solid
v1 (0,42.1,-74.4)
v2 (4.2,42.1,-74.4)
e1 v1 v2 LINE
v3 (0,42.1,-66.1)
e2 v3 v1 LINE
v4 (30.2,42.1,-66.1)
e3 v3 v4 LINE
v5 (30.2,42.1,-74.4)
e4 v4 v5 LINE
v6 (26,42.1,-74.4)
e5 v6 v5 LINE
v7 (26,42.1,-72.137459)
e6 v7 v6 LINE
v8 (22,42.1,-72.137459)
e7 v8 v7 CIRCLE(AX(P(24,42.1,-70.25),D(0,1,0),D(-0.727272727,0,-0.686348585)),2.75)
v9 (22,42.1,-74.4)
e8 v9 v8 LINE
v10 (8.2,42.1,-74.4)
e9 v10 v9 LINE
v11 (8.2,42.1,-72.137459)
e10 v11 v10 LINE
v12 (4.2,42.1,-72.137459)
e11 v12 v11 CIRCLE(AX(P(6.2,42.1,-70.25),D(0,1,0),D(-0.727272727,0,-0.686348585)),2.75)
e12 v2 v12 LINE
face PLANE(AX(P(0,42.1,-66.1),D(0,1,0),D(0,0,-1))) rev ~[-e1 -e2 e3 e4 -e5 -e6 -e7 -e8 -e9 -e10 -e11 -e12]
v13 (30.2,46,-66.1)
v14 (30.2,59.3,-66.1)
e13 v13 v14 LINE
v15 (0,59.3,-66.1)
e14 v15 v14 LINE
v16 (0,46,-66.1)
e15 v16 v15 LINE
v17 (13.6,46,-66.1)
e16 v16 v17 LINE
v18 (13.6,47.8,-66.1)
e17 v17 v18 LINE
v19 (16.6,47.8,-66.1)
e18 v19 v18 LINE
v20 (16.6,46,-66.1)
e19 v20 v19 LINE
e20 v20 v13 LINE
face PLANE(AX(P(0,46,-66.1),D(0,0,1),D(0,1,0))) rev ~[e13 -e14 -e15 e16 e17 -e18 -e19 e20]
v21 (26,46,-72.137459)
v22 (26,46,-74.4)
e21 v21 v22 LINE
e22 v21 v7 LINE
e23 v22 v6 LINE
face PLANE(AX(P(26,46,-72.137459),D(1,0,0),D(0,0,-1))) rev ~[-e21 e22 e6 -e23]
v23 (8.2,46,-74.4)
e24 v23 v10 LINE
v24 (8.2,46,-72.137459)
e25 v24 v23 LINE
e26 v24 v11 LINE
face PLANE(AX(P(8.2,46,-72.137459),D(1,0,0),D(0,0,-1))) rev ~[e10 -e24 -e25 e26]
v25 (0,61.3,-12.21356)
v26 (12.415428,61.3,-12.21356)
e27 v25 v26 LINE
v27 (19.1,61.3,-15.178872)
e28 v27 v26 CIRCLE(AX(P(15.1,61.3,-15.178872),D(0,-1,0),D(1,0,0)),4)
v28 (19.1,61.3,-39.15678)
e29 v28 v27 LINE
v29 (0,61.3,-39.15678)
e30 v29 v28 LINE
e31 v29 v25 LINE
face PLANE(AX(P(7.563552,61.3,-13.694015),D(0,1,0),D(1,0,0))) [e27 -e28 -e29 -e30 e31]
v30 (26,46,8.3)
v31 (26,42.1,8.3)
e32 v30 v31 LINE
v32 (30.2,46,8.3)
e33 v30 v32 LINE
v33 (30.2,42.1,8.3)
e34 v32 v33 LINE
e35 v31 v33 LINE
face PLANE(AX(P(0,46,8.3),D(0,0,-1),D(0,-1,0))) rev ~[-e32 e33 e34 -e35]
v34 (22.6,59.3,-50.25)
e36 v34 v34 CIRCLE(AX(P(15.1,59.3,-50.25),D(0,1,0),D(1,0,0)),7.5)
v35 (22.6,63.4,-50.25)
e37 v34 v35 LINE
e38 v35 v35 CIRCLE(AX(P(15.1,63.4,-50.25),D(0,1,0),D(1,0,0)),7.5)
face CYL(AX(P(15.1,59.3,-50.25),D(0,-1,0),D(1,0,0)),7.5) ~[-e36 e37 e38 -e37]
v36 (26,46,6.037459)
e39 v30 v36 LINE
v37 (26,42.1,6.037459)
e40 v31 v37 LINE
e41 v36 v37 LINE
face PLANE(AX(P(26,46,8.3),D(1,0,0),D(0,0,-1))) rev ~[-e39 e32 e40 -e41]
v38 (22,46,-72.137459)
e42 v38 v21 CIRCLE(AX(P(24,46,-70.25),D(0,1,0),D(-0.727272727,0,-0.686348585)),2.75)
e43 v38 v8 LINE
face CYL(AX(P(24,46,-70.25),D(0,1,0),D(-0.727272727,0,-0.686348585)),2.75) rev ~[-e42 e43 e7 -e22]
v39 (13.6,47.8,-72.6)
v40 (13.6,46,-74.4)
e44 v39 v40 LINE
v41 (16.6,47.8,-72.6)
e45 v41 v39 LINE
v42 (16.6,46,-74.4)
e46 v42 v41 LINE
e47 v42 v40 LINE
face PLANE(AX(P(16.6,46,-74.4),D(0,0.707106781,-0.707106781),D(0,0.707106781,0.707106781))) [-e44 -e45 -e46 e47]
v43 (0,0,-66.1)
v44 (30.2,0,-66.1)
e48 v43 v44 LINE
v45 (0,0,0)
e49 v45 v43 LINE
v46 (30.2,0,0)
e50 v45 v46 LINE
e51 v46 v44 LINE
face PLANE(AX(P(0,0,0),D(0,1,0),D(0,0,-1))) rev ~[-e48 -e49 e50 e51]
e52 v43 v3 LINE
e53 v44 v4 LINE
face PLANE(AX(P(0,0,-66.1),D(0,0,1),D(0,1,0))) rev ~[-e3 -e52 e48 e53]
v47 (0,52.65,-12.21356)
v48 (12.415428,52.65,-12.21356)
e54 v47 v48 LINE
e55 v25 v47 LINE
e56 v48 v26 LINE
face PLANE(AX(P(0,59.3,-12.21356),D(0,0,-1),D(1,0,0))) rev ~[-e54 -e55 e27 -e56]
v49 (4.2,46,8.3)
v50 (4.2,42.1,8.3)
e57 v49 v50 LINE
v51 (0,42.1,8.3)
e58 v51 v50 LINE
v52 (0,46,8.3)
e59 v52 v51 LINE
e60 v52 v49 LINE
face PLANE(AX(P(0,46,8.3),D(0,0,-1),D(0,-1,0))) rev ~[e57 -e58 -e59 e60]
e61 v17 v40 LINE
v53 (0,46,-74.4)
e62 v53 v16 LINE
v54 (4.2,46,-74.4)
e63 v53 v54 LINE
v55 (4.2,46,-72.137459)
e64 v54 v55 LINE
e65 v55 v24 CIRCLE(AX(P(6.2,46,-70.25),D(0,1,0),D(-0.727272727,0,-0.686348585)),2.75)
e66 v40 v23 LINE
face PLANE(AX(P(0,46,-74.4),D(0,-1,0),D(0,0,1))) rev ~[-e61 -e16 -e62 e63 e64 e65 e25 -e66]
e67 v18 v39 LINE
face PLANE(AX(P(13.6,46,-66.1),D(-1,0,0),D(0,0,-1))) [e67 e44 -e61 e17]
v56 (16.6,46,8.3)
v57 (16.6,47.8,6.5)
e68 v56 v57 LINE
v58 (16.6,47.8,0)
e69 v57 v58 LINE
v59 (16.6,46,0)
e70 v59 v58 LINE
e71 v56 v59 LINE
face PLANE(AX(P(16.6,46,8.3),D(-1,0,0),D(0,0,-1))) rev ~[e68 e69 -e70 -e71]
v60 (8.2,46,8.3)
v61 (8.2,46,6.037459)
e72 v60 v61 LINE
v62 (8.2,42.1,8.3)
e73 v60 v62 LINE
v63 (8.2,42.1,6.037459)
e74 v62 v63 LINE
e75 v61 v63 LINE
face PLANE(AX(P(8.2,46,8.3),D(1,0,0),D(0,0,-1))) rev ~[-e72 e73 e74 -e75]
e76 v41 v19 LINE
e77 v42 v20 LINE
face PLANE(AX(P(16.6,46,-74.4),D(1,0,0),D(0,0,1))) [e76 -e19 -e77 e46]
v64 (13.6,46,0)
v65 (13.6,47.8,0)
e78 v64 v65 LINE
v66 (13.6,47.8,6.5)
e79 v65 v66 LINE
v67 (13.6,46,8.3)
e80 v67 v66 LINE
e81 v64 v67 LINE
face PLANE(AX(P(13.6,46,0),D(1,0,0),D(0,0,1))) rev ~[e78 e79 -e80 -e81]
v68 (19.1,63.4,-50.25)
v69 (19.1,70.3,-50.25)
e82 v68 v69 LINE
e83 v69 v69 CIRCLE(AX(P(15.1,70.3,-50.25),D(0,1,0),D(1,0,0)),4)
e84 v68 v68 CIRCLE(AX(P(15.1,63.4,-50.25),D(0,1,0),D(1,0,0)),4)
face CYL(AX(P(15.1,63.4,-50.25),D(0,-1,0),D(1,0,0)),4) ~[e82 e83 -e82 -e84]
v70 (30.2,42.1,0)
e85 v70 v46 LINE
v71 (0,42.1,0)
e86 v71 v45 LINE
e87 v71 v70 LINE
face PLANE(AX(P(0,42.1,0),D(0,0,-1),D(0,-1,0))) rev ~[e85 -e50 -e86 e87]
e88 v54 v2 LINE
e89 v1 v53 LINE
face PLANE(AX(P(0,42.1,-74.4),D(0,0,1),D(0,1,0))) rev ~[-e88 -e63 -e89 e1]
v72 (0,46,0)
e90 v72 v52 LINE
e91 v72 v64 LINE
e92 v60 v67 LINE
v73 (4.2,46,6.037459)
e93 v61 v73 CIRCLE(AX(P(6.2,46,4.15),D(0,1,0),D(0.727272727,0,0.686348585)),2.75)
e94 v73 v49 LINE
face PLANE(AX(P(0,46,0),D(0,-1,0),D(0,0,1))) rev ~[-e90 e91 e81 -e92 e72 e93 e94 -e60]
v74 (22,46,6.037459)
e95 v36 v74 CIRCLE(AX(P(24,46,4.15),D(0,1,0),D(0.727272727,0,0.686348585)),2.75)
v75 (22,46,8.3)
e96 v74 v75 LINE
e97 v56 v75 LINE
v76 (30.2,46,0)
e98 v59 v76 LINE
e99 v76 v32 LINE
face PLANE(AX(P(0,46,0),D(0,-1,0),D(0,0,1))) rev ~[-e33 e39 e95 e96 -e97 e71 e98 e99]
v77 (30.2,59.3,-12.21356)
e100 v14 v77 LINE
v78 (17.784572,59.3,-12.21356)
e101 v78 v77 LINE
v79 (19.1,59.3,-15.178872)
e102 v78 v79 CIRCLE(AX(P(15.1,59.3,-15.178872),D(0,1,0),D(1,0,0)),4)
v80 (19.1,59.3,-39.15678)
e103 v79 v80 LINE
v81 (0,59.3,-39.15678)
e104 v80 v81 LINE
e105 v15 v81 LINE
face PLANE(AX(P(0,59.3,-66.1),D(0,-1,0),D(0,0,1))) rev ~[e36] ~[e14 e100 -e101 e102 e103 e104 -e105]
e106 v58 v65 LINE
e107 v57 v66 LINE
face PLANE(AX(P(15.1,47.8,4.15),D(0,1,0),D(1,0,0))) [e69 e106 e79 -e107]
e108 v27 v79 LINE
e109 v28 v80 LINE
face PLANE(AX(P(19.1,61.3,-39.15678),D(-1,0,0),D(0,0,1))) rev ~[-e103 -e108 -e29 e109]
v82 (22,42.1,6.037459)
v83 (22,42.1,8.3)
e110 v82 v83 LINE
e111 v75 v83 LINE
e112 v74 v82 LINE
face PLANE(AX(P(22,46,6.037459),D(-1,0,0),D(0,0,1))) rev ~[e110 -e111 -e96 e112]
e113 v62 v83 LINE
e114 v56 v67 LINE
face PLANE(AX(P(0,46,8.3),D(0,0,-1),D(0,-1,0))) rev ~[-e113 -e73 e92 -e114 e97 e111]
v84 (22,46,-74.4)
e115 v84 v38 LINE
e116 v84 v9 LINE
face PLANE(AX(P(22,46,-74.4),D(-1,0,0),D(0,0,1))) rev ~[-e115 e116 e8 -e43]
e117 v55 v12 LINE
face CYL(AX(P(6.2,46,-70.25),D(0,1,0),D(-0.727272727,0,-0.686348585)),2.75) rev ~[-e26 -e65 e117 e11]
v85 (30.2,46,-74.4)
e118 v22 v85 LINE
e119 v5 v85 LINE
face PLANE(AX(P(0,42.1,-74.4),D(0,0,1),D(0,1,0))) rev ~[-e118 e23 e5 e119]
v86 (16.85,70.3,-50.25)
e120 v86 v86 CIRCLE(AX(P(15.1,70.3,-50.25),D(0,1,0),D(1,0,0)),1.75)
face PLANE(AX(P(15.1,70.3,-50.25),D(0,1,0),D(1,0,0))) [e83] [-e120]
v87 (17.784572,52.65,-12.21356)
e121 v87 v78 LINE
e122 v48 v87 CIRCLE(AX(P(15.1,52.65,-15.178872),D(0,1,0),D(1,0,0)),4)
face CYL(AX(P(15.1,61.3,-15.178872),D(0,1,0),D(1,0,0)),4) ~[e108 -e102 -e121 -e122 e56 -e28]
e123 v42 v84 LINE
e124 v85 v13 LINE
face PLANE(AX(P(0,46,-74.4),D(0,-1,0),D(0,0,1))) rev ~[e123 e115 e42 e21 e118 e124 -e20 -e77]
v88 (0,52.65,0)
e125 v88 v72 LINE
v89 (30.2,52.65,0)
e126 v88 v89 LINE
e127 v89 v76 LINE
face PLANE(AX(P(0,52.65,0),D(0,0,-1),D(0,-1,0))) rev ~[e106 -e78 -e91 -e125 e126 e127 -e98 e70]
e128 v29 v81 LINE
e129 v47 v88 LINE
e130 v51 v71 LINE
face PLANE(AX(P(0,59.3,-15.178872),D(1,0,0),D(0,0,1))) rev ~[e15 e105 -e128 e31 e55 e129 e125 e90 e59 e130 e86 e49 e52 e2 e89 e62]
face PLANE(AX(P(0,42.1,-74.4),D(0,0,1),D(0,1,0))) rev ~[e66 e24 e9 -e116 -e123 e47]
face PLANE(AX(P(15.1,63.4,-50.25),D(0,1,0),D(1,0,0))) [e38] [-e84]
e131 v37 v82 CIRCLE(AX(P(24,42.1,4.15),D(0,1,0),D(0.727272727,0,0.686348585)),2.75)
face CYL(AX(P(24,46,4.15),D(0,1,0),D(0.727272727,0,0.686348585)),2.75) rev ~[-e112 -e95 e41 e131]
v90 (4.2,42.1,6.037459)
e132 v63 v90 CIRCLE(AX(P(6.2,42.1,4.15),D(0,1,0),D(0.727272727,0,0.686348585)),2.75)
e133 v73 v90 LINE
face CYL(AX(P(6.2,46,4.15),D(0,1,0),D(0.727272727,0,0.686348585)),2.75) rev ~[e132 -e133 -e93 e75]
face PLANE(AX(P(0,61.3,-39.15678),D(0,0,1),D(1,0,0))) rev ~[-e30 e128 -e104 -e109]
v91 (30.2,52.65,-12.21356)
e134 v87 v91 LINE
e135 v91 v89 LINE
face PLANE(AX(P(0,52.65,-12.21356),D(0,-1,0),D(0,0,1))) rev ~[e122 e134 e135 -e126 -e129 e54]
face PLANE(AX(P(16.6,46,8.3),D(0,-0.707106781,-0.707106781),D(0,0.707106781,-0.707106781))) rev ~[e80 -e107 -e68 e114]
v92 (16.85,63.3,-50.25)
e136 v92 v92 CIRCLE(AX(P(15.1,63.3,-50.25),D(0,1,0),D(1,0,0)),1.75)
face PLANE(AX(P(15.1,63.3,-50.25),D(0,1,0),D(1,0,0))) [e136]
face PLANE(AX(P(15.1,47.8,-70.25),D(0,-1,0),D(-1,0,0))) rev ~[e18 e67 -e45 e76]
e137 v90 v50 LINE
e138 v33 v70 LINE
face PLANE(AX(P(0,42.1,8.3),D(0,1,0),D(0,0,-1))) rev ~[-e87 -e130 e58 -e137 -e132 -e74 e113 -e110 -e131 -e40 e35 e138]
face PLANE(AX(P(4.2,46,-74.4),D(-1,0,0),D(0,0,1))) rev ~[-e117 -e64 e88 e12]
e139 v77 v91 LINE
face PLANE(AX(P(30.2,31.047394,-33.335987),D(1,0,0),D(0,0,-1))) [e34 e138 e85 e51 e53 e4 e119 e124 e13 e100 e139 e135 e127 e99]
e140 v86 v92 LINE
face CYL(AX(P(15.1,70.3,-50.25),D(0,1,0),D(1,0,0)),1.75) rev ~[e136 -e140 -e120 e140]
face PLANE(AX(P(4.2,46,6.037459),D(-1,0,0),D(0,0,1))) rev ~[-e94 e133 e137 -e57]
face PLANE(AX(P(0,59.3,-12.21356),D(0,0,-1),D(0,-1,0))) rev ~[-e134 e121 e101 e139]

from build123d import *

# Parameters (mm, degrees)
BOSS_EXTRUDE1_DEPTH  = 30.2
CUT_EXTRUDE3_DEPTH   = 6.9
SKETCH10_R           = 7.5
BOSS_EXTRUDE6_DEPTH  = 4.1
SKETCH11_R           = 4
BOSS_EXTRUDE7_DEPTH  = 6.9
BOSS_EXTRUDE8_DEPTH  = 8.9
BOSS_EXTRUDE9_DEPTH  = 2
BOSS_EXTRUDE10_DEPTH = 1.8
CUT_EXTRUDE5_DEPTH   = 4
SKETCH23_R           = 1.75
CUT_EXTRUDE6_DEPTH   = 7


with BuildPart() as part:
    # Sketch1 → Boss-Extrude1 (new body)
    with BuildSketch(Plane(origin=(0, 0, 0), x_dir=(0, 0, -1), z_dir=(1, 0, 0))):
        Polygon((0, 0), (66.1, 0), (66.1, 42.1), (74.4, 42.1), (74.4, 46), (66.1, 46), (66.1, 59.3), (12.213560369, 59.3), (12.213560369, 52.65), (0, 52.65), (0, 46), (-8.3, 46), (-8.3, 42.1), (0, 42.1), align=None)
    extrude(amount=BOSS_EXTRUDE1_DEPTH)

    # Sketch9 → Cut-Extrude3 (cut)
    with BuildSketch(Plane(origin=(0, 46, 0), x_dir=(1, 0, 0), z_dir=(0, 1, 0))):
        with BuildLine():
            Line((22, 74.4), (22, 72.137458609))
            ThreePointArc((22, 72.137458609), (24, 67.5), (26, 72.137458609))
            Line((26, 72.137458609), (26, 74.4))
            Line((26, 74.4), (24, 74.4))
            Line((24, 74.4), (22, 74.4))
        make_face()
        with BuildLine():
            Line((6.2, 74.4), (4.2, 74.4))
            Line((4.2, 74.4), (4.2, 72.137458609))
            ThreePointArc((4.2, 72.137458609), (6.2, 67.5), (8.2, 72.137458609))
            Line((8.2, 72.137458609), (8.2, 74.4))
            Line((8.2, 74.4), (6.2, 74.4))
        make_face()
        with BuildLine():
            Line((24, -8.3), (26, -8.3))
            Line((26, -8.3), (26, -6.037458609))
            ThreePointArc((26, -6.037458609), (24, -1.4), (22, -6.037458609))
            Line((22, -6.037458609), (22, -8.3))
            Line((22, -8.3), (24, -8.3))
        make_face()
        with BuildLine():
            Line((8.2, -8.3), (8.2, -6.037458609))
            ThreePointArc((8.2, -6.037458609), (6.2, -1.4), (4.2, -6.037458609))
            Line((4.2, -6.037458609), (4.2, -8.3))
            Line((4.2, -8.3), (6.2, -8.3))
            Line((6.2, -8.3), (8.2, -8.3))
        make_face()
    extrude(amount=-CUT_EXTRUDE3_DEPTH, mode=Mode.SUBTRACT)

    # Sketch10 → Boss-Extrude6 (add)
    with BuildSketch(Plane(origin=(0, 59.3, 0), x_dir=(1, 0, 0), z_dir=(0, 1, 0))):
        with Locations((15.1, 50.25)):
            Circle(SKETCH10_R)
    extrude(amount=BOSS_EXTRUDE6_DEPTH)

    # Sketch11 → Boss-Extrude7 (add)
    with BuildSketch(Plane(origin=(0, 63.4, 0), x_dir=(1, 0, 0), z_dir=(0, 1, 0))):
        with Locations((15.1, 50.25)):
            Circle(SKETCH11_R)
    extrude(amount=BOSS_EXTRUDE7_DEPTH)

    # Sketch14 → Boss-Extrude8 (add)
    with BuildSketch(Plane(origin=(0, 61.3, 0), x_dir=(1, 0, 0), z_dir=(0, 1, 0))):
        with BuildLine():
            Line((0, 39.156780185), (15.1, 39.156780185))
            Line((15.1, 39.156780185), (19.1, 39.156780185))
            Line((19.1, 39.156780185), (19.1, 15.178872415))
            ThreePointArc((19.1, 15.178872415), (15.1, 11.178872415), (11.1, 15.178872415))
            Line((11.1, 15.178872415), (0, 15.178872415))
            Line((0, 15.178872415), (0, 39.156780185))
        make_face()
    extrude(amount=-BOSS_EXTRUDE8_DEPTH)

    # Sketch17 → Boss-Extrude9 (add)
    with BuildSketch(Plane(origin=(0, 59.3, 0), x_dir=(1, 0, 0), z_dir=(0, 1, 0))):
        Polygon((0, 12.213560369), (15.153721143, 12.213560369), (15.1, 15.178872415), (0, 15.178872415), align=None)
    extrude(amount=BOSS_EXTRUDE9_DEPTH)

    # Sketch18 → Boss-Extrude10 (add)
    with BuildSketch(Plane(origin=(0, 46, 0), x_dir=(1, 0, 0), z_dir=(0, 1, 0))):
        Polygon((15.1, 74.4), (16.6, 74.4), (16.6, 66.1), (13.6, 66.1), (13.6, 74.4), align=None)
        Polygon((13.6, -8.3), (15.1, -8.3), (16.6, -8.3), (16.6, 0), (13.6, 0), align=None)
    extrude(amount=BOSS_EXTRUDE10_DEPTH)

    # Sketch22 → Cut-Extrude5 (cut)
    with BuildSketch(Plane(origin=(16.6, 0, 0), x_dir=(0, 0, -1), z_dir=(1, 0, 0))):
        Polygon((74.4, 46), (72.6, 47.8), (74.4, 47.8), align=None)
        Polygon((-8.3, 47.8), (-8.3, 46), (-6.5, 47.8), align=None)
    extrude(amount=-CUT_EXTRUDE5_DEPTH, mode=Mode.SUBTRACT)

    # Sketch23 → Cut-Extrude6 (cut)
    with BuildSketch(Plane(origin=(0, 70.3, 0), x_dir=(1, 0, 0), z_dir=(0, 1, 0))):
        with Locations((15.1, 50.25)):
            Circle(SKETCH23_R)
    extrude(amount=-CUT_EXTRUDE6_DEPTH, mode=Mode.SUBTRACT)


solid = part.part
